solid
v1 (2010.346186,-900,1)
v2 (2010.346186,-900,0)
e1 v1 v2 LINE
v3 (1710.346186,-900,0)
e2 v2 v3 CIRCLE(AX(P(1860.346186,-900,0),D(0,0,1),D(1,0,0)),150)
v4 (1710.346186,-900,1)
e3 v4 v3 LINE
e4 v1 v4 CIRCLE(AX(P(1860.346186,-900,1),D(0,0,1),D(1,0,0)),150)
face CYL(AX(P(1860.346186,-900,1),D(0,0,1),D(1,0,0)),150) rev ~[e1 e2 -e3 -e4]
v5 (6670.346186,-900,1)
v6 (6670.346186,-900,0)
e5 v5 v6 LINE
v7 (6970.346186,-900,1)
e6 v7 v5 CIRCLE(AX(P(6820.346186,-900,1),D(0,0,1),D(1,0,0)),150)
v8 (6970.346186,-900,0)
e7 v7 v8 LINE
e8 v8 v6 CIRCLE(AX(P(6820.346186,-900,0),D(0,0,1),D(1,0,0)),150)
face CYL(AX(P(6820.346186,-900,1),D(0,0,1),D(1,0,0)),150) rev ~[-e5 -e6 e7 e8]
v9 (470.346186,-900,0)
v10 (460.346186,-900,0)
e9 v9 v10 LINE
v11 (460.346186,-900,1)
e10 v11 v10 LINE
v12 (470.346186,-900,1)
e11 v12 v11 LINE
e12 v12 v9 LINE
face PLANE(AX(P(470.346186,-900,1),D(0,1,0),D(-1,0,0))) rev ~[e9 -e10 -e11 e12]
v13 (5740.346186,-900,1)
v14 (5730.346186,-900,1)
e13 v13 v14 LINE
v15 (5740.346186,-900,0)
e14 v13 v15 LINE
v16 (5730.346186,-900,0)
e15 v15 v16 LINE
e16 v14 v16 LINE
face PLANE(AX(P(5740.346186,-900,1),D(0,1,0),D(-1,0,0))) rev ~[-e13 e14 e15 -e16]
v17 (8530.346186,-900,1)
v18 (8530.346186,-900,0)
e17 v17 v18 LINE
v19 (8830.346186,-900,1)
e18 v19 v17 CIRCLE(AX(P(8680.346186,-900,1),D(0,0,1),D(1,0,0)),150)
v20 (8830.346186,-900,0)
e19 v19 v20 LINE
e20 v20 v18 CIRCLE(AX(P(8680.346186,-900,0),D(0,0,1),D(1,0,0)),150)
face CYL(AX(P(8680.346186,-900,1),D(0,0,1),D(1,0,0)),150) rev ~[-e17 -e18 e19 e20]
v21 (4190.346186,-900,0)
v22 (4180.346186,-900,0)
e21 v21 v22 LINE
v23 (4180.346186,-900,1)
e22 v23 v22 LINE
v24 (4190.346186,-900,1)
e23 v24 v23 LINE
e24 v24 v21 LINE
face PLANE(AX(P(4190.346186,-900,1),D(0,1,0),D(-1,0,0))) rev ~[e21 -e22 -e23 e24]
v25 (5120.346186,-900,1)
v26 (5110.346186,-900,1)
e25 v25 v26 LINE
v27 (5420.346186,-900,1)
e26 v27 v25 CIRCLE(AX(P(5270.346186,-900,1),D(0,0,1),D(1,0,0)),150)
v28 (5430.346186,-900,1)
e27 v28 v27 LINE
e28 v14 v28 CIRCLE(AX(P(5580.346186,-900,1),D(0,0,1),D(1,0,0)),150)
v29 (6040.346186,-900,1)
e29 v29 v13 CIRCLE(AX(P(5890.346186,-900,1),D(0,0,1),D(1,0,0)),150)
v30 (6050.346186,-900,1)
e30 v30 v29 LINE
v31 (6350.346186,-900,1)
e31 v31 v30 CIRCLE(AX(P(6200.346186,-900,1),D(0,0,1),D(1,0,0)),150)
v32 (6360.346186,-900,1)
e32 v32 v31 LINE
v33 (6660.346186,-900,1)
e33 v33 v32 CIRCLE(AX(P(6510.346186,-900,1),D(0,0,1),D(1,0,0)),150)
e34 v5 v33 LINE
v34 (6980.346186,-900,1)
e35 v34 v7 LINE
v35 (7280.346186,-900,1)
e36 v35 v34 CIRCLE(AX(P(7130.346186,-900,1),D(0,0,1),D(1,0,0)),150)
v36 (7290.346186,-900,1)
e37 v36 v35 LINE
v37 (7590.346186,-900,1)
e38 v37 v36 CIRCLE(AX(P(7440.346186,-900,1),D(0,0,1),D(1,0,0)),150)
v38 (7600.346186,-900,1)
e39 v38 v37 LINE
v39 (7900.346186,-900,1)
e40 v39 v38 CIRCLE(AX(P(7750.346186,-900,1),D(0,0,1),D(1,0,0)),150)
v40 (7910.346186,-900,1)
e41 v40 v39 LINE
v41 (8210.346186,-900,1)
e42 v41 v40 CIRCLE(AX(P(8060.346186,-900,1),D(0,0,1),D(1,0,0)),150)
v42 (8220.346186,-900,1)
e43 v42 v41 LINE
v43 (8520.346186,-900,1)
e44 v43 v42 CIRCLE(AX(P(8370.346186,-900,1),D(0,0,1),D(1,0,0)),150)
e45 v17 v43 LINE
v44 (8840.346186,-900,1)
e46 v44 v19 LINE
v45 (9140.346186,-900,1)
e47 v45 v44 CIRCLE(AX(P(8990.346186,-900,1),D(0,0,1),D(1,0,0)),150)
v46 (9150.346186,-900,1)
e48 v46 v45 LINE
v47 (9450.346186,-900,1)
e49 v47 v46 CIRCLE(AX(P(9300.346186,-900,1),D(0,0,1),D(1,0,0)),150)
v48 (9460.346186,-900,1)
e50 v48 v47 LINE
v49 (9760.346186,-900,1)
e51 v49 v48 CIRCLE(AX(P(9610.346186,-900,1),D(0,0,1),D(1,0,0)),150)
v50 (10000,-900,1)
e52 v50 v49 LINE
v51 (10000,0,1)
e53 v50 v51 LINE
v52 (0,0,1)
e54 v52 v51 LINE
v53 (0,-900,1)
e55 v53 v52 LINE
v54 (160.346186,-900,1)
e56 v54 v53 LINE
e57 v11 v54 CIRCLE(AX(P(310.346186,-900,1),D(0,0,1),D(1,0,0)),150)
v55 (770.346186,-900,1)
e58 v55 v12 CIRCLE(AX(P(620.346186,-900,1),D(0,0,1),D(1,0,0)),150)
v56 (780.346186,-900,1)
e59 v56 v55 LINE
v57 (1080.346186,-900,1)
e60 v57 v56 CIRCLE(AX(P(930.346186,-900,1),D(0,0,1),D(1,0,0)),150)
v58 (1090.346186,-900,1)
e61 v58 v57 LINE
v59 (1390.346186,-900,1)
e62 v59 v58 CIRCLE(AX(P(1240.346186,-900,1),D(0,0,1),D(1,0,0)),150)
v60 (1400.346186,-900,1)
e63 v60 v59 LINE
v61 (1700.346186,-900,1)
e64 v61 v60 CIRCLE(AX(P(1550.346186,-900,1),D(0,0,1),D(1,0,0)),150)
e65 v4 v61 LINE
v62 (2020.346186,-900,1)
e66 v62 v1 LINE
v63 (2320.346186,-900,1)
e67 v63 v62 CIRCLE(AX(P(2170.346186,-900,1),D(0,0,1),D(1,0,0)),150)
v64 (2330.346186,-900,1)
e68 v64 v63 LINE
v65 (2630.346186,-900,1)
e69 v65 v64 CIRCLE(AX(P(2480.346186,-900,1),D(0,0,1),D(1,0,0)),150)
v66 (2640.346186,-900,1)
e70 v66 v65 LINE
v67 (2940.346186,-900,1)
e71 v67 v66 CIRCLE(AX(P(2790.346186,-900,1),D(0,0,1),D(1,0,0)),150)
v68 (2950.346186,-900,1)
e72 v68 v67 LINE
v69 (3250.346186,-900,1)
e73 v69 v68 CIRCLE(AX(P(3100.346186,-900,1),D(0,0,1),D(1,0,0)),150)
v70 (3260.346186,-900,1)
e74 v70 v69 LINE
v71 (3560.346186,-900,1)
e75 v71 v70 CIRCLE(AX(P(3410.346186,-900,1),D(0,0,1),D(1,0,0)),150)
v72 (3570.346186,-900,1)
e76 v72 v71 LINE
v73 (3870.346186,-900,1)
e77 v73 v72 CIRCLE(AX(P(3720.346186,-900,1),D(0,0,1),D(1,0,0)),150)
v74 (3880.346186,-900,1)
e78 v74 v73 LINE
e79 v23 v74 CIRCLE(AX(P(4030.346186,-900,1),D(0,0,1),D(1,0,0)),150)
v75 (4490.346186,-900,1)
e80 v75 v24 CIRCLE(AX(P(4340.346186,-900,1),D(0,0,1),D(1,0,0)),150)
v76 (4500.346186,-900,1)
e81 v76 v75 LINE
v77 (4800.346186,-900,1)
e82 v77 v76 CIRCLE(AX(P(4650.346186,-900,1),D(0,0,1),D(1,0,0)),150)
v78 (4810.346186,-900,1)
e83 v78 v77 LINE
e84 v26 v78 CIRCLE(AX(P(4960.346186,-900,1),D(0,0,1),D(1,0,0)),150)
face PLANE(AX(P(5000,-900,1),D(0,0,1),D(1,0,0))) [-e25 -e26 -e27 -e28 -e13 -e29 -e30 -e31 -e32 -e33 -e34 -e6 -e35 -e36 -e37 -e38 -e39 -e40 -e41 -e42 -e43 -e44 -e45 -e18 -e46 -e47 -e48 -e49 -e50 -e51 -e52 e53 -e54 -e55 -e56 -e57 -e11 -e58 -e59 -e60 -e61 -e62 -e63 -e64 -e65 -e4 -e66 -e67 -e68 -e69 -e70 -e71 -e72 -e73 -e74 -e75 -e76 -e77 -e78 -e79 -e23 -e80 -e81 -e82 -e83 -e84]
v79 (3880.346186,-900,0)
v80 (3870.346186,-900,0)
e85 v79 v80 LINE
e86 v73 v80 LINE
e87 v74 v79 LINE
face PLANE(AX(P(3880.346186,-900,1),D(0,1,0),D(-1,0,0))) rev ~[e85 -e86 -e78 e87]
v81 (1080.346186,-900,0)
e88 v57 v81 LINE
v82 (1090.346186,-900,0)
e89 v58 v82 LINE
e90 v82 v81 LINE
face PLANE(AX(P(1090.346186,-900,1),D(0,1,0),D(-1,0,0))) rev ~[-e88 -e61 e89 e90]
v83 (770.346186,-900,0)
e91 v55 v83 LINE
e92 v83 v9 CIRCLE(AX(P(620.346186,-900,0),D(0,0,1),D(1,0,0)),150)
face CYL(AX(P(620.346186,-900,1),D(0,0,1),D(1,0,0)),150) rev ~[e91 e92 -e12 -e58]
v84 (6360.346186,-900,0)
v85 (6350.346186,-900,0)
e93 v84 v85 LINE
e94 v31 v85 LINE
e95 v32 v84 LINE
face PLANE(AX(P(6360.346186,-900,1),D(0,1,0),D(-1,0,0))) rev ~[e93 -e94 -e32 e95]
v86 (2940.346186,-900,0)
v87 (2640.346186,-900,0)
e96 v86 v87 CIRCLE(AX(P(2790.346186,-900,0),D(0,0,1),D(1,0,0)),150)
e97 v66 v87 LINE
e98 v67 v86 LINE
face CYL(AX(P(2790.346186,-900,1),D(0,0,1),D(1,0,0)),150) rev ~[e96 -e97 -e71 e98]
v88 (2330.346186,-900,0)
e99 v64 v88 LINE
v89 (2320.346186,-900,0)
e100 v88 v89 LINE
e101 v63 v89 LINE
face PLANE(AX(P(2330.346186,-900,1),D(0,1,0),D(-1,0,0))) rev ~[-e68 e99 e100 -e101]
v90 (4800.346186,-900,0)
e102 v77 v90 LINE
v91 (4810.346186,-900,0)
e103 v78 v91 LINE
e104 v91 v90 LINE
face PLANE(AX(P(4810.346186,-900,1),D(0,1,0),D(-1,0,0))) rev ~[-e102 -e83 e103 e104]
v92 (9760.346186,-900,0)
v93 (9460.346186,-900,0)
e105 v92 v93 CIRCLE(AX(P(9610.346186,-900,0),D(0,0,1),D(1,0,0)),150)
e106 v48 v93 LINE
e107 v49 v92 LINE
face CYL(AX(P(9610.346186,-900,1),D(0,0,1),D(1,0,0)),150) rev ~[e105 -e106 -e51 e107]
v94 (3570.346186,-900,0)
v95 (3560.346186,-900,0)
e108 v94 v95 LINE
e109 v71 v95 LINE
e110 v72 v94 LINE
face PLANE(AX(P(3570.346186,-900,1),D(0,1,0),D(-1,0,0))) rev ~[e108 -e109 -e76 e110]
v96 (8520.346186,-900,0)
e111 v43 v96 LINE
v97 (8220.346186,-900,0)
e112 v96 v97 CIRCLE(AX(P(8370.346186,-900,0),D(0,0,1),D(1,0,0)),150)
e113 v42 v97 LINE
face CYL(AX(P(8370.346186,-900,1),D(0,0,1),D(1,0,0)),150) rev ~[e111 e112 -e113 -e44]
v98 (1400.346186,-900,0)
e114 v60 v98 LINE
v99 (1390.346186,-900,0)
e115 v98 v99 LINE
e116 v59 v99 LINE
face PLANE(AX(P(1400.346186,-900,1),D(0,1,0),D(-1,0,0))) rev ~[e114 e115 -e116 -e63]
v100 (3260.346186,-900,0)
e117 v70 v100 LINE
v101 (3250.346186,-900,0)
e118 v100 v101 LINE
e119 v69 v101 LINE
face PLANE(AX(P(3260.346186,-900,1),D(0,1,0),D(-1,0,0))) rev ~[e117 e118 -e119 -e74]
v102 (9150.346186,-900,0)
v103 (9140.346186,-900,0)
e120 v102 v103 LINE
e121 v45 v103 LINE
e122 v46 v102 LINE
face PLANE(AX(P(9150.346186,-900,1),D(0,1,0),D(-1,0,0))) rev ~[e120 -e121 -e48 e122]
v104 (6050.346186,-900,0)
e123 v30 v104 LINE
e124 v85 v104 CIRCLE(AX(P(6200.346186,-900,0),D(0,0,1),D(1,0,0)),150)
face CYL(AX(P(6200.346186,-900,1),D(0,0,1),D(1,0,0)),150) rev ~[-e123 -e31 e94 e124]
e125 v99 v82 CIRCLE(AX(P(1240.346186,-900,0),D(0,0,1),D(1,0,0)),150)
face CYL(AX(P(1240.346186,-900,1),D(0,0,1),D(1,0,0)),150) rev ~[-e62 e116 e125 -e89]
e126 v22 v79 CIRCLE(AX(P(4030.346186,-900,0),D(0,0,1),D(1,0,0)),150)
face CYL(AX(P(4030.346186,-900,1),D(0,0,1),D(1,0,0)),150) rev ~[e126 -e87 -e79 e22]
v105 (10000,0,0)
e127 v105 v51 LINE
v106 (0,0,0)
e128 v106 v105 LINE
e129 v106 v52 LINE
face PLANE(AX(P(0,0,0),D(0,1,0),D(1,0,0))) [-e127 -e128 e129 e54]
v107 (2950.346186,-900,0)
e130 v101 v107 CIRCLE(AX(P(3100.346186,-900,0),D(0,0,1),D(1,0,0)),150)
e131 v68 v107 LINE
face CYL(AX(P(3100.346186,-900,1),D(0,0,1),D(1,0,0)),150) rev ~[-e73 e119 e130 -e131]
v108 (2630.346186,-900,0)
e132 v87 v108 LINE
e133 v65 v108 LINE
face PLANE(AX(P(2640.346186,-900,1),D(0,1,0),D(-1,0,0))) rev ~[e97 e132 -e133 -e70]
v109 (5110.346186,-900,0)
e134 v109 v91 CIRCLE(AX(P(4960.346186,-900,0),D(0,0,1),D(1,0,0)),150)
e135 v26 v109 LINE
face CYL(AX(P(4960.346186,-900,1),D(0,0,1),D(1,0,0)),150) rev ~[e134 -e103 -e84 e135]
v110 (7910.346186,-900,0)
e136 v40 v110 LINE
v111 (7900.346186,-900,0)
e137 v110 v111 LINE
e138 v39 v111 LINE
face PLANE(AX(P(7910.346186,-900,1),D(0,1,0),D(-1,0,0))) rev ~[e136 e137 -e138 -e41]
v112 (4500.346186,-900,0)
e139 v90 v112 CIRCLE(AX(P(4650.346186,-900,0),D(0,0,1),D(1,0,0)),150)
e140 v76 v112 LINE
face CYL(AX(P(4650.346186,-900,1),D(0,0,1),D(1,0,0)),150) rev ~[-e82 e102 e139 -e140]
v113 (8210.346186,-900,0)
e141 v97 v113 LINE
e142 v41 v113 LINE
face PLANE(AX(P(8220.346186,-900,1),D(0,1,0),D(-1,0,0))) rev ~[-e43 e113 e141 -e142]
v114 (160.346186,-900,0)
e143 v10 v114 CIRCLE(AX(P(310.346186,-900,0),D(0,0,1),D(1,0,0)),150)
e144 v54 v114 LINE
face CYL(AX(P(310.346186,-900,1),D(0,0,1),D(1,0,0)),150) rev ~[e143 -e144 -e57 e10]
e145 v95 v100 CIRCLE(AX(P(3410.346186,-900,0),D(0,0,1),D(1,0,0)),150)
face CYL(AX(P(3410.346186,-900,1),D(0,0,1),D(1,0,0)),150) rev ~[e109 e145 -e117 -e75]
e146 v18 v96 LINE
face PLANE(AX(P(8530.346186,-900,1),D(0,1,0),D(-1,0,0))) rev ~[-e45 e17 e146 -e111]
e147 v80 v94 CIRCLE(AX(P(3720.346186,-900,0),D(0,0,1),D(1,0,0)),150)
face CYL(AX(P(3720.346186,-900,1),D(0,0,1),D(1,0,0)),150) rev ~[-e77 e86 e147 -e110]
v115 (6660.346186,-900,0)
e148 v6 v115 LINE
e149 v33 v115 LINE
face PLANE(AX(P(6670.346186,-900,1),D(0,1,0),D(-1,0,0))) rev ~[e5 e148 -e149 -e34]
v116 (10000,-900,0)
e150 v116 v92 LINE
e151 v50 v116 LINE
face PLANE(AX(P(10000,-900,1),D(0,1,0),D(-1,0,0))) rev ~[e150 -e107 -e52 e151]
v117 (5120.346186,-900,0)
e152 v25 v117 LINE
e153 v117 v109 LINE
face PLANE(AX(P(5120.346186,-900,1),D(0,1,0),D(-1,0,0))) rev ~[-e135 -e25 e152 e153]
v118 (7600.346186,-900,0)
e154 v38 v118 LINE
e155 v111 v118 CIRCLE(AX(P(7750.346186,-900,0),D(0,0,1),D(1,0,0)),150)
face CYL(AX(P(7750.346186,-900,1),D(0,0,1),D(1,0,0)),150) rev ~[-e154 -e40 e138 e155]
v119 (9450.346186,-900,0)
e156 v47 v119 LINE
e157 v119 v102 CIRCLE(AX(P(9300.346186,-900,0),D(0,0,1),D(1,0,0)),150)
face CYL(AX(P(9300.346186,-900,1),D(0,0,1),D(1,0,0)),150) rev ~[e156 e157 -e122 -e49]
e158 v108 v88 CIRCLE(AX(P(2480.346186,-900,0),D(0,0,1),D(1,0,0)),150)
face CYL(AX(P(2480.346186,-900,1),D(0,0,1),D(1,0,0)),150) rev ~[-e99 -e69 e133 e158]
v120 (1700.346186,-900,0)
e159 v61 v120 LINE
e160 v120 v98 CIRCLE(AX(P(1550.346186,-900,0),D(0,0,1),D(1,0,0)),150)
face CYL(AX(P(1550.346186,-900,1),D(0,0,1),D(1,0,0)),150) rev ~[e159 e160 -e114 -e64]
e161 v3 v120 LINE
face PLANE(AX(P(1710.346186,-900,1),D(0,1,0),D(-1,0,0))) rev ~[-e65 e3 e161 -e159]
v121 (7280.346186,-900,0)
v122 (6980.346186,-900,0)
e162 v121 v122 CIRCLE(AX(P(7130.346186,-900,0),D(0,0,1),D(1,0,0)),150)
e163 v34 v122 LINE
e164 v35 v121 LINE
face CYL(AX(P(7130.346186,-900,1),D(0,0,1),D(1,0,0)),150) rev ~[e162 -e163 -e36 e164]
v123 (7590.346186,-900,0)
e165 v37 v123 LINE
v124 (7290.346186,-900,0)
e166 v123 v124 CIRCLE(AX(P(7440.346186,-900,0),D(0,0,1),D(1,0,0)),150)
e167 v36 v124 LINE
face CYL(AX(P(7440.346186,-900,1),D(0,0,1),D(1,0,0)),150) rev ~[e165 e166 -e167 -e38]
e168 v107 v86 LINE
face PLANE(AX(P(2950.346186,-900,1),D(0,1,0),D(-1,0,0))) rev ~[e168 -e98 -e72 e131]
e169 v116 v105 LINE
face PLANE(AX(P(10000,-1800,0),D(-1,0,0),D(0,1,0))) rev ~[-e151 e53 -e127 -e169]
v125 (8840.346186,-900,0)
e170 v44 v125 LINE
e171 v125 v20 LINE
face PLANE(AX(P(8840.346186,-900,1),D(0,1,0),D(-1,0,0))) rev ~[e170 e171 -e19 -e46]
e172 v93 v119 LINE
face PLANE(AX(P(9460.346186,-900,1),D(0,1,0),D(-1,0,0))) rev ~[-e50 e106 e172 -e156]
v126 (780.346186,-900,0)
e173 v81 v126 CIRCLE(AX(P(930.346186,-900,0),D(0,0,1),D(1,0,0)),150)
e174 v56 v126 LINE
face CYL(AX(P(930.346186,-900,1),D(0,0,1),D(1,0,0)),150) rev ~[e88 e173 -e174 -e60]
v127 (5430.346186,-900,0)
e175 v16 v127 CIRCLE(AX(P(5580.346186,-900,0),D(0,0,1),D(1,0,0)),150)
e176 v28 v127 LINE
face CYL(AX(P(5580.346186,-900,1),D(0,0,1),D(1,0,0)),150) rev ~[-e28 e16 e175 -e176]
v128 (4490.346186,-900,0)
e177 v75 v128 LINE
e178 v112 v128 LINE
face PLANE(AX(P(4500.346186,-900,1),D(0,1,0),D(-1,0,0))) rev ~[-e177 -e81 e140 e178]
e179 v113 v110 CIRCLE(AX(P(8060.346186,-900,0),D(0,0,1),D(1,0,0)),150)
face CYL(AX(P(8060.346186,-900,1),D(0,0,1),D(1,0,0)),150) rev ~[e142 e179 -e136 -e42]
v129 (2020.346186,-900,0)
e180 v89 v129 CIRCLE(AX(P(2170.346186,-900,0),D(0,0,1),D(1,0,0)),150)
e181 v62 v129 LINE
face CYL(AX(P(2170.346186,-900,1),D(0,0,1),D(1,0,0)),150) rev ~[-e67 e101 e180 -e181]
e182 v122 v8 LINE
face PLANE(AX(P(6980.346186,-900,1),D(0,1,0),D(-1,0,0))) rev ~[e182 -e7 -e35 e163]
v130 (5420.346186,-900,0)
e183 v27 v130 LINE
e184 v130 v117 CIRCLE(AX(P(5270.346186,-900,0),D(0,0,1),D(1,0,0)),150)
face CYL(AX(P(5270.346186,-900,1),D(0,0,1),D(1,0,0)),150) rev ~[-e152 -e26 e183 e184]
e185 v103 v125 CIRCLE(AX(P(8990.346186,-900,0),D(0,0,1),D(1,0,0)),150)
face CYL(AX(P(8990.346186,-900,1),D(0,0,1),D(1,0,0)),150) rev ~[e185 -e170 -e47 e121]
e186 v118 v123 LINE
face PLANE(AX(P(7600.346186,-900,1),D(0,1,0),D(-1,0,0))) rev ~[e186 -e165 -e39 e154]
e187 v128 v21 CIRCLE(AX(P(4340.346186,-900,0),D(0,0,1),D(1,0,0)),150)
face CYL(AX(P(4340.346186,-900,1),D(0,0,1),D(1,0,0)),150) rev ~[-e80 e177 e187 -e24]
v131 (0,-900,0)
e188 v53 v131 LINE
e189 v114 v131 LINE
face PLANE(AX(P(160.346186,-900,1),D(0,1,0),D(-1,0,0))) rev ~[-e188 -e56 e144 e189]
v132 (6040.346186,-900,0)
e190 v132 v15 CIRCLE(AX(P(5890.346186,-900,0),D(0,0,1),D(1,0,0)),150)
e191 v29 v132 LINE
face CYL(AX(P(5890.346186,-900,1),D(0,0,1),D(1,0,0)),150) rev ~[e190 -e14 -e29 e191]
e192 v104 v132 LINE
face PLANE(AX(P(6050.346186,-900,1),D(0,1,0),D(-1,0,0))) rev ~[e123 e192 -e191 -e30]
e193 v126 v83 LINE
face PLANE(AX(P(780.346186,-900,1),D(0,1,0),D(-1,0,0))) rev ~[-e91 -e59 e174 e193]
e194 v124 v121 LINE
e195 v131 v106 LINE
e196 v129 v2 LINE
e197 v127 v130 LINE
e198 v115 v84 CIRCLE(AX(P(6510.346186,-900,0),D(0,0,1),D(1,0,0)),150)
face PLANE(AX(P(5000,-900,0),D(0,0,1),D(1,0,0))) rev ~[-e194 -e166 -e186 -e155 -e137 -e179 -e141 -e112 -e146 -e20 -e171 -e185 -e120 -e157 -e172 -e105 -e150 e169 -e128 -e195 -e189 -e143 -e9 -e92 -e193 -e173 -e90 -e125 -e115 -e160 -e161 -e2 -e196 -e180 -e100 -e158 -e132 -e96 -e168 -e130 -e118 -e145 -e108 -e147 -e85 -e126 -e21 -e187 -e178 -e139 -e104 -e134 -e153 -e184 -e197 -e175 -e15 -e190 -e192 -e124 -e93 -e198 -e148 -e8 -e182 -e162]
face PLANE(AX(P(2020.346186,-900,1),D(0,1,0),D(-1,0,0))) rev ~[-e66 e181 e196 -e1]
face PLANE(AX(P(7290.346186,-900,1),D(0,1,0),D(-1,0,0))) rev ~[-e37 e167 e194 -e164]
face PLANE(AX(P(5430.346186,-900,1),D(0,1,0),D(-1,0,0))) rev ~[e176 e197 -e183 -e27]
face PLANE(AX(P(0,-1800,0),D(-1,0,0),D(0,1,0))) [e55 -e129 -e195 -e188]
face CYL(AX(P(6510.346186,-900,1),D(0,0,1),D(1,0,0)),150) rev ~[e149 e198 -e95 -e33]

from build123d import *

# Parameters (mm, degrees)
F0_W     = 10000
F0_H     = 1800
F1_DEPTH = 1
F2_R     = 150
F3_DEPTH = 1.001
F5_DEPTH = 1.001


with BuildPart() as f1:
    # F0 (on Top) → F1 (new body)
    with BuildSketch(Plane.XY):
        with Locations((5000, -900)):
            Rectangle(F0_W, F0_H)
    extrude(amount=F1_DEPTH)

    # F2 (on face) → F3 (cut, through all)
    with BuildSketch(Plane.XY.offset(1)):
        with Locations((310.346186161, -900)):
            Circle(F2_R)
        with Locations((620.346186161, -900)):
            Circle(F2_R)
        with Locations((930.346186161, -900)):
            Circle(F2_R)
        with Locations((1240.346186161, -900)):
            Circle(F2_R)
        with Locations((1550.346186161, -900)):
            Circle(F2_R)
        with Locations((1860.346186161, -900)):
            Circle(F2_R)
        with Locations((2170.346186161, -900)):
            Circle(F2_R)
        with Locations((2480.346186161, -900)):
            Circle(F2_R)
        with Locations((2790.346186161, -900)):
            Circle(F2_R)
        with Locations((3100.346186161, -900)):
            Circle(F2_R)
        with Locations((3410.346186161, -900)):
            Circle(F2_R)
        with Locations((3720.346186161, -900)):
            Circle(F2_R)
        with Locations((4030.346186161, -900)):
            Circle(F2_R)
        with Locations((4340.346186161, -900)):
            Circle(F2_R)
        with Locations((4650.346186161, -900)):
            Circle(F2_R)
        with Locations((4960.346186161, -900)):
            Circle(F2_R)
        with Locations((5270.346186161, -900)):
            Circle(F2_R)
        with Locations((5580.346186161, -900)):
            Circle(F2_R)
        with Locations((5890.346186161, -900)):
            Circle(F2_R)
        with Locations((6200.346186161, -900)):
            Circle(F2_R)
        with Locations((6510.346186161, -900)):
            Circle(F2_R)
        with Locations((6820.346186161, -900)):
            Circle(F2_R)
        with Locations((7130.346186161, -900)):
            Circle(F2_R)
        with Locations((7440.346186161, -900)):
            Circle(F2_R)
        with Locations((7750.346186161, -900)):
            Circle(F2_R)
        with Locations((8060.346186161, -900)):
            Circle(F2_R)
        with Locations((8370.346186161, -900)):
            Circle(F2_R)
        with Locations((8680.346186161, -900)):
            Circle(F2_R)
        with Locations((8990.346186161, -900)):
            Circle(F2_R)
        with Locations((9300.346186161, -900)):
            Circle(F2_R)
        with Locations((9610.346186161, -900)):
            Circle(F2_R)
    extrude(amount=-F3_DEPTH, mode=Mode.SUBTRACT)

    # F4 (on face) → F5 (cut, through all)
    with BuildSketch(Plane.XY.offset(1)):
        with BuildLine():
            Line((10000, -900), (9760.346186161, -900))
            ThreePointArc((9760.346186161, -900), (9610.346186161, -1050), (9460.346186161, -900))
            Line((9460.346186161, -900), (9450.346186161, -900))
            ThreePointArc((9450.346186161, -900), (9300.346186161, -1050), (9150.346186161, -900))
            Line((9150.346186161, -900), (9140.346186161, -900))
            ThreePointArc((9140.346186161, -900), (8990.346186161, -1050), (8840.346186161, -900))
            Line((8840.346186161, -900), (8830.346186161, -900))
            ThreePointArc((8830.346186161, -900), (8680.346186161, -1050), (8530.346186161, -900))
            Line((8530.346186161, -900), (8520.346186161, -900))
            ThreePointArc((8520.346186161, -900), (8370.346186161, -1050), (8220.346186161, -900))
            Line((8220.346186161, -900), (8210.346186161, -900))
            ThreePointArc((8210.346186161, -900), (8060.346186161, -1050), (7910.346186161, -900))
            Line((7910.346186161, -900), (7900.346186161, -900))
            ThreePointArc((7900.346186161, -900), (7750.346186161, -1050), (7600.346186161, -900))
            Line((7600.346186161, -900), (7590.346186161, -900))
            ThreePointArc((7590.346186161, -900), (7440.346186161, -1050), (7290.346186161, -900))
            Line((7290.346186161, -900), (7280.346186161, -900))
            ThreePointArc((7280.346186161, -900), (7130.346186161, -1050), (6980.346186161, -900))
            Line((6980.346186161, -900), (6970.346186161, -900))
            ThreePointArc((6970.346186161, -900), (6820.346186161, -1050), (6670.346186161, -900))
            Line((6670.346186161, -900), (6660.346186161, -900))
            ThreePointArc((6660.346186161, -900), (6510.346186161, -1050), (6360.346186161, -900))
            Line((6360.346186161, -900), (6350.346186161, -900))
            ThreePointArc((6350.346186161, -900), (6200.346186161, -1050), (6050.346186161, -900))
            Line((6050.346186161, -900), (6040.346186161, -900))
            ThreePointArc((6040.346186161, -900), (5890.346186161, -1050), (5740.346186161, -900))
            Line((5740.346186161, -900), (5730.346186161, -900))
            ThreePointArc((5730.346186161, -900), (5580.346186161, -1050), (5430.346186161, -900))
            Line((5430.346186161, -900), (5420.346186161, -900))
            ThreePointArc((5420.346186161, -900), (5270.346186161, -1050), (5120.346186161, -900))
            Line((5120.346186161, -900), (5110.346186161, -900))
            ThreePointArc((5110.346186161, -900), (4960.346186161, -1050), (4810.346186161, -900))
            Line((4810.346186161, -900), (4800.346186161, -900))
            ThreePointArc((4800.346186161, -900), (4650.346186161, -1050), (4500.346186161, -900))
            Line((4500.346186161, -900), (4490.346186161, -900))
            ThreePointArc((4490.346186161, -900), (4340.346186161, -1050), (4190.346186161, -900))
            Line((4190.346186161, -900), (4180.346186161, -900))
            ThreePointArc((4180.346186161, -900), (4030.346186161, -1050), (3880.346186161, -900))
            Line((3880.346186161, -900), (3870.346186161, -900))
            ThreePointArc((3870.346186161, -900), (3720.346186161, -1050), (3570.346186161, -900))
            Line((3570.346186161, -900), (3560.346186161, -900))
            ThreePointArc((3560.346186161, -900), (3410.346186161, -1050), (3260.346186161, -900))
            Line((3260.346186161, -900), (3250.346186161, -900))
            ThreePointArc((3250.346186161, -900), (3100.346186161, -1050), (2950.346186161, -900))
            Line((2950.346186161, -900), (2940.346186161, -900))
            ThreePointArc((2940.346186161, -900), (2790.346186161, -1050), (2640.346186161, -900))
            Line((2640.346186161, -900), (2630.346186161, -900))
            ThreePointArc((2630.346186161, -900), (2480.346186161, -1050), (2330.346186161, -900))
            Line((2330.346186161, -900), (2320.346186161, -900))
            ThreePointArc((2320.346186161, -900), (2170.346186161, -1050), (2020.346186161, -900))
            Line((2020.346186161, -900), (2010.346186161, -900))
            ThreePointArc((2010.346186161, -900), (1860.346186161, -1050), (1710.346186161, -900))
            Line((1710.346186161, -900), (1700.346186161, -900))
            ThreePointArc((1700.346186161, -900), (1550.346186161, -1050), (1400.346186161, -900))
            Line((1400.346186161, -900), (1390.346186161, -900))
            ThreePointArc((1390.346186161, -900), (1240.346186161, -1050), (1090.346186161, -900))
            Line((1090.346186161, -900), (1080.346186161, -900))
            ThreePointArc((1080.346186161, -900), (930.346186161, -1050), (780.346186161, -900))
            Line((780.346186161, -900), (770.346186161, -900))
            ThreePointArc((770.346186161, -900), (620.346186161, -1050), (470.346186161, -900))
            Line((470.346186161, -900), (460.346186161, -900))
            ThreePointArc((460.346186161, -900), (310.346186161, -1050), (160.346186161, -900))
            Line((160.346186161, -900), (0, -900))
            Line((0, -900), (0, -1800))
            Line((0, -1800), (10000, -1800))
            Line((10000, -1800), (10000, -900))
        make_face()
    extrude(amount=-F5_DEPTH, mode=Mode.SUBTRACT)


solid = f1.part
